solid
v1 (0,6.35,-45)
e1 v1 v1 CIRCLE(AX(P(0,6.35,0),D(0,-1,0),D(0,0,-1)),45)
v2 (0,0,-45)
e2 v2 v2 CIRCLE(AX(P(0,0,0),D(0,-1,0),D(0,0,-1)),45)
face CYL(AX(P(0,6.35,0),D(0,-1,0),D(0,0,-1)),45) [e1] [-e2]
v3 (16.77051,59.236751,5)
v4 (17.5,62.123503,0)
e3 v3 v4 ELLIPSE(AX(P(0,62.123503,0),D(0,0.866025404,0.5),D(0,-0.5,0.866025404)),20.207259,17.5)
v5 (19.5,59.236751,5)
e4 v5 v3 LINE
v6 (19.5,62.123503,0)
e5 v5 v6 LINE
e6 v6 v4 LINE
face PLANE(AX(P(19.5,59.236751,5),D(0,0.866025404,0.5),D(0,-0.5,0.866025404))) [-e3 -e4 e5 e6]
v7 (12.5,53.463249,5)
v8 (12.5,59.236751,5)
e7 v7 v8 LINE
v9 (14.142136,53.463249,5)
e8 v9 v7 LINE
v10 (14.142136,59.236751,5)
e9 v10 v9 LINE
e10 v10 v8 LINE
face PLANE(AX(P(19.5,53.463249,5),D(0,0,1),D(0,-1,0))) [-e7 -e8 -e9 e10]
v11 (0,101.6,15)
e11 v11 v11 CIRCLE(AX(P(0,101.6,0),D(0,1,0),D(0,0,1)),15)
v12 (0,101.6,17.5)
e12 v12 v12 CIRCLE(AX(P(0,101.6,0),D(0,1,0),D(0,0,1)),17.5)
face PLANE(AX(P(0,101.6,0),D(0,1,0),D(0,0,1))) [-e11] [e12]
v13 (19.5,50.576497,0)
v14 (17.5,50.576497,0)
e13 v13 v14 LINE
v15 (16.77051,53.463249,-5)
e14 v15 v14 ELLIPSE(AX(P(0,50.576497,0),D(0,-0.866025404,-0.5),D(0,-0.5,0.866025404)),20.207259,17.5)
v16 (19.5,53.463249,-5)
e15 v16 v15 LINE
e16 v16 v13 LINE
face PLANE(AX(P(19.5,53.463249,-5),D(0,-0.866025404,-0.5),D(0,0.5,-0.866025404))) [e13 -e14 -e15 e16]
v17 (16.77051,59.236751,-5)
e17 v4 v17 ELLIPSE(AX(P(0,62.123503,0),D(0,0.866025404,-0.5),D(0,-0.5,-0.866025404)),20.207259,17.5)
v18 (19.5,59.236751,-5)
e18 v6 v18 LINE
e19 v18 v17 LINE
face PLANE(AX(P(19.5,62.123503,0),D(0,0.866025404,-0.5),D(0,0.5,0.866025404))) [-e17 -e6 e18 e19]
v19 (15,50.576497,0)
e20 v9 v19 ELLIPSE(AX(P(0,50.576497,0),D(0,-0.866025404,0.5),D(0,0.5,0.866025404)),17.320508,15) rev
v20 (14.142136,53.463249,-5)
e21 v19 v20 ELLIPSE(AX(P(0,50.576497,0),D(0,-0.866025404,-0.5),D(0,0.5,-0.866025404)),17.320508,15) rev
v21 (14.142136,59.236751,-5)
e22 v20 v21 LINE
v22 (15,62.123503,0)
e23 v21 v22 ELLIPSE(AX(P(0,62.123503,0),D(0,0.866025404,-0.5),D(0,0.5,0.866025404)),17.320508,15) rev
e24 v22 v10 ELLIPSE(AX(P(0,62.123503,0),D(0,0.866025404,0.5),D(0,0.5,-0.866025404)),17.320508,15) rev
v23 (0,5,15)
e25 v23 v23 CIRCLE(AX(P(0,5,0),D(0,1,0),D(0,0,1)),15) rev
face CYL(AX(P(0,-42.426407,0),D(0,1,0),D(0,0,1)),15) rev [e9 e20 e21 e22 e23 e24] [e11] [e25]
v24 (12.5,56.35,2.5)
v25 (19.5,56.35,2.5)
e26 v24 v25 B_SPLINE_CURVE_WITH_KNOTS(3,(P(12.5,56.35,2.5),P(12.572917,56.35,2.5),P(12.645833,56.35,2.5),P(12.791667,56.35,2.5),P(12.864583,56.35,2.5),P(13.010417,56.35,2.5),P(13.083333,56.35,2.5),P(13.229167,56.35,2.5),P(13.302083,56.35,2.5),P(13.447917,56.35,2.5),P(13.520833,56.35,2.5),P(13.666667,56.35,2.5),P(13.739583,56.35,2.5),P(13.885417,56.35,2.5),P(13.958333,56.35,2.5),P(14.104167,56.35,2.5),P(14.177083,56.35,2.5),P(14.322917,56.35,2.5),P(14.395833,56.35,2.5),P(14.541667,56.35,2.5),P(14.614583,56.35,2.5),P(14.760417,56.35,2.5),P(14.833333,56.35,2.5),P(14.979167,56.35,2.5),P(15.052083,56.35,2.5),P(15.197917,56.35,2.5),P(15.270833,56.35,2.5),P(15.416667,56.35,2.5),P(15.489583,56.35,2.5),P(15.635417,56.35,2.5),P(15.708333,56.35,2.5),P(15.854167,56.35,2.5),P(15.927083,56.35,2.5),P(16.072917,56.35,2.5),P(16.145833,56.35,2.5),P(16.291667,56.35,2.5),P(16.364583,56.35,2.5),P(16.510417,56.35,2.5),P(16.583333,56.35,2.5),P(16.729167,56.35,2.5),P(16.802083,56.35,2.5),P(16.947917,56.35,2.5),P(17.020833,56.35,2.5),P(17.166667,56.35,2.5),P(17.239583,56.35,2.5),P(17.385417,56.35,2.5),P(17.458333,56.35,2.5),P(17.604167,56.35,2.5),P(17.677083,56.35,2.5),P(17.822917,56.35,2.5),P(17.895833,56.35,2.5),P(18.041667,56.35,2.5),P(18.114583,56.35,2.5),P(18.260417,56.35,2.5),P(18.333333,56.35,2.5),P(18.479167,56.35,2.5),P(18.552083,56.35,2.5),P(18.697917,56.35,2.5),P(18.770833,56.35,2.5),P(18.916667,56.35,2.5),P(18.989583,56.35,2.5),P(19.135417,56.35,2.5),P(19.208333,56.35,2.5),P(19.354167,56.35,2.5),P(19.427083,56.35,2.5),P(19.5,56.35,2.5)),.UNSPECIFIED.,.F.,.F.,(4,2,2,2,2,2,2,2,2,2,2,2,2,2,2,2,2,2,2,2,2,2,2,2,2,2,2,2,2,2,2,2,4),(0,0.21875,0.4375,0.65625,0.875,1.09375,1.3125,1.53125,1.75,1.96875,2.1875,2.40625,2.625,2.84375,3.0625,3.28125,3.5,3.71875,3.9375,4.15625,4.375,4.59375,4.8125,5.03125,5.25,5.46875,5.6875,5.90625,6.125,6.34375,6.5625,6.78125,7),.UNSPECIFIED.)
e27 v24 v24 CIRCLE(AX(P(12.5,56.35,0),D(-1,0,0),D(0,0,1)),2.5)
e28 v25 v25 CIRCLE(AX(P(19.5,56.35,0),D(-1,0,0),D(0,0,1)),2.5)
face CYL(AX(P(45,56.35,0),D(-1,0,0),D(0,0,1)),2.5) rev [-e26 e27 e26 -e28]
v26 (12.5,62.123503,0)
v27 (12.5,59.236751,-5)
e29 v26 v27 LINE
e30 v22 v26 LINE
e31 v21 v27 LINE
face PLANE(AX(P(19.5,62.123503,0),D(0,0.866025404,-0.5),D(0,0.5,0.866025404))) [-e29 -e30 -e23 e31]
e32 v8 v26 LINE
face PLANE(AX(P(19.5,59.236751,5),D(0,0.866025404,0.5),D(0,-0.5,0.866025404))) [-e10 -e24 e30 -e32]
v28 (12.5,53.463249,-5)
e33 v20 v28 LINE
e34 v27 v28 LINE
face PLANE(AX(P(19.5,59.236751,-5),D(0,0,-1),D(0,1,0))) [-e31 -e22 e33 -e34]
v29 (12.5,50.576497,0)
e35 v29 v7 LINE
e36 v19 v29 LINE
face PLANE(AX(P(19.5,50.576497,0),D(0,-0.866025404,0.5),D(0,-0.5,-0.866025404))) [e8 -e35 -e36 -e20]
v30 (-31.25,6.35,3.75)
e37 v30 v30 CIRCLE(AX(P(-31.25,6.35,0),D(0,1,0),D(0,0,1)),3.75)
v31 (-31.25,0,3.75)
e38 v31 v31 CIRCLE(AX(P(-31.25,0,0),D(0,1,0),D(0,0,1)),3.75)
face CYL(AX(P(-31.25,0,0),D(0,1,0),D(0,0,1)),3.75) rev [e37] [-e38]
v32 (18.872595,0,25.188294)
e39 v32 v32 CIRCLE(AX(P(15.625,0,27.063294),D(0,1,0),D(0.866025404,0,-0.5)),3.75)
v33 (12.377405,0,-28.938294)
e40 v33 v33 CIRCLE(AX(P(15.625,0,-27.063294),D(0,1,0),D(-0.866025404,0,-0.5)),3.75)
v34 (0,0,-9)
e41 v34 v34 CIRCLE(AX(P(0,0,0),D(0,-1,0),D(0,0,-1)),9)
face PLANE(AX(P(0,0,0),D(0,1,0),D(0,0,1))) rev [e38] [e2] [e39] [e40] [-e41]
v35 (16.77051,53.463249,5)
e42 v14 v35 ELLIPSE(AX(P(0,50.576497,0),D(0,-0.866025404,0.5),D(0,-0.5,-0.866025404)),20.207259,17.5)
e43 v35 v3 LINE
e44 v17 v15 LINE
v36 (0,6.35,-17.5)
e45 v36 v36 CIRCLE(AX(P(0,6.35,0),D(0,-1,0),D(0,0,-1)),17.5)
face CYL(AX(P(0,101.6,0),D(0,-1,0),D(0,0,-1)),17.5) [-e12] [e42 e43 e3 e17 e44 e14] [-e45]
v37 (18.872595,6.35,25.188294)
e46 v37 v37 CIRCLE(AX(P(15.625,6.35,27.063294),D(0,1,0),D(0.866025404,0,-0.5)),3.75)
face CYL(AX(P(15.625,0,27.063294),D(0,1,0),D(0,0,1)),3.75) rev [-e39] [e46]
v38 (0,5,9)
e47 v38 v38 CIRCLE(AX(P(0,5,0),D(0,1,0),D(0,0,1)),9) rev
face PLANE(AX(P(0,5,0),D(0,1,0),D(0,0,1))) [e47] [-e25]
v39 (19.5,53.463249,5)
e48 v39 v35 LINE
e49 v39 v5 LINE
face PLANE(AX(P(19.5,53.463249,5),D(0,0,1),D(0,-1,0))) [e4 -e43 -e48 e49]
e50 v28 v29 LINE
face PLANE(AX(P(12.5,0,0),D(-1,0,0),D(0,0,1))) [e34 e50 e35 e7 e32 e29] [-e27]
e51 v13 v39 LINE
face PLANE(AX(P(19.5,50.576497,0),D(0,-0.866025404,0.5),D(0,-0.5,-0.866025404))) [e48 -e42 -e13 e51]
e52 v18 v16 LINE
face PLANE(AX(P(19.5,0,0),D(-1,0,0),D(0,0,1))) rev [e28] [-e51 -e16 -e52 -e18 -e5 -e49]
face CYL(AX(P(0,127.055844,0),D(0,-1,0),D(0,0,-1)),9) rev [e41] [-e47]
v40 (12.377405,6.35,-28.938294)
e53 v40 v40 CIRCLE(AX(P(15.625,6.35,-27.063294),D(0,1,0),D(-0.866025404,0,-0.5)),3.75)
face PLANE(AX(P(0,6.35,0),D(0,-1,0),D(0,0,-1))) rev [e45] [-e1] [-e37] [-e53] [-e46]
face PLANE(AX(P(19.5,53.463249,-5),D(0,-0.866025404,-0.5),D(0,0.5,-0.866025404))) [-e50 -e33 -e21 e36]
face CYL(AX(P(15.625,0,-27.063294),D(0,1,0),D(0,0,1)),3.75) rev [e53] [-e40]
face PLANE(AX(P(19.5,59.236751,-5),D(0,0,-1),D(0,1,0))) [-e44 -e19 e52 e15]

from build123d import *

# Parameters (mm, degrees)
SKETCH2_R                = 17.5
BOSS_EXTRUDE2_DEPTH      = 101.6
SKETCH3_R                = 45
BOSS_EXTRUDE3_DEPTH      = 6.35
SKETCH4_R                = 9
CUT_EXTRUDE1_DEPTH       = 95.25
SKETCH5_R                = 14.999999972
CUT_EXTRUDE2_DEPTH       = 96.6
SKETCH6_R                = 2.5
CUT_EXTRUDE3_DEPTH       = 120.885612148
BOSS_EXTRUDE4_DEPTH      = 5
BOSS_EXTRUDE4_DEPTH_BACK = 2
SKETCH8_R                = 2.5
SKETCH9_R                = 3.75
CUT_EXTRUDE4_DEPTH       = 115.553753758
CIRPATTERN1_COUNT        = 3


with BuildPart() as part:
    # Sketch2 → Boss-Extrude2 (new body)
    with BuildSketch(Plane(origin=(0, 0, 0), x_dir=(1, 0, 0), z_dir=(0, 1, 0))):
        with Locations(Location((0, 0, 0), (0, 0, 270))):
            Circle(SKETCH2_R)
    extrude(amount=BOSS_EXTRUDE2_DEPTH)

    # Sketch3 → Boss-Extrude3 (add)
    with BuildSketch(Plane(origin=(0, 0, 0), x_dir=(-1, 0, 0), z_dir=(0, -1, 0))):
        with Locations(Location((0, 0, 0), (0, 0, 90))):
            Circle(SKETCH3_R)
    extrude(amount=-BOSS_EXTRUDE3_DEPTH)

    # Sketch4 → Cut-Extrude1 (cut)
    with BuildSketch(Plane(origin=(0, 0, 0), x_dir=(-1, 0, 0), z_dir=(0, -1, 0))):
        with Locations(Location((0, 0, 0), (0, 0, 90))):
            Circle(SKETCH4_R)
    extrude(amount=-CUT_EXTRUDE1_DEPTH, mode=Mode.SUBTRACT)

    # Sketch5 → Cut-Extrude2 (cut)
    with BuildSketch(Plane(origin=(0, 101.6, 0), x_dir=(1, 0, 0), z_dir=(0, 1, 0))):
        with Locations(Location((0, 0, 0), (0, 0, 270))):
            Circle(SKETCH5_R)
    extrude(amount=-CUT_EXTRUDE2_DEPTH, mode=Mode.SUBTRACT)

    # Sketch6 → Cut-Extrude3 (cut, through all)
    with BuildSketch(Plane(origin=(0, 0, 0), x_dir=(0, 0, -1), z_dir=(1, 0, 0))):
        with Locations(Location((0, 56.35, 0), (0, 0, 180))):
            Circle(SKETCH6_R)
    extrude(amount=CUT_EXTRUDE3_DEPTH, mode=Mode.SUBTRACT)

    # Sketch8 → Boss-Extrude4 (add, two sides: drawn at the far end of the back side and taken through both)
    with BuildSketch(Plane.ZY.offset(-17.5).offset(-BOSS_EXTRUDE4_DEPTH_BACK)):
        Polygon((-5, 53.463248654), (0, 50.576497308), (5, 53.463248654), (5, 59.236751346), (0, 62.123502692), (-5, 59.236751346), align=None)
        with Locations((0, 56.35)):
            Circle(SKETCH8_R, mode=Mode.SUBTRACT)
    extrude(amount=BOSS_EXTRUDE4_DEPTH + BOSS_EXTRUDE4_DEPTH_BACK)

    # Sketch9 → Cut-Extrude4 (cut, through all)
    with BuildSketch(Plane(origin=(0, 6.35, 0), x_dir=(1, 0, 0), z_dir=(0, 1, 0))):
        with Locations(Location((-31.25, 0, 0), (0, 0, 270))):
            Circle(SKETCH9_R)
    cut_extrude4 = extrude(amount=-CUT_EXTRUDE4_DEPTH, mode=Mode.SUBTRACT)

    # CirPattern1: Cut-Extrude4 ×3 about axis
    cirpattern1_axis = Axis((0, 0, 0), (0, 1, 0))
    for i in range(1, CIRPATTERN1_COUNT):
        add(cut_extrude4.rotate(cirpattern1_axis, i * 360 / CIRPATTERN1_COUNT), mode=Mode.SUBTRACT)


solid = part.part
